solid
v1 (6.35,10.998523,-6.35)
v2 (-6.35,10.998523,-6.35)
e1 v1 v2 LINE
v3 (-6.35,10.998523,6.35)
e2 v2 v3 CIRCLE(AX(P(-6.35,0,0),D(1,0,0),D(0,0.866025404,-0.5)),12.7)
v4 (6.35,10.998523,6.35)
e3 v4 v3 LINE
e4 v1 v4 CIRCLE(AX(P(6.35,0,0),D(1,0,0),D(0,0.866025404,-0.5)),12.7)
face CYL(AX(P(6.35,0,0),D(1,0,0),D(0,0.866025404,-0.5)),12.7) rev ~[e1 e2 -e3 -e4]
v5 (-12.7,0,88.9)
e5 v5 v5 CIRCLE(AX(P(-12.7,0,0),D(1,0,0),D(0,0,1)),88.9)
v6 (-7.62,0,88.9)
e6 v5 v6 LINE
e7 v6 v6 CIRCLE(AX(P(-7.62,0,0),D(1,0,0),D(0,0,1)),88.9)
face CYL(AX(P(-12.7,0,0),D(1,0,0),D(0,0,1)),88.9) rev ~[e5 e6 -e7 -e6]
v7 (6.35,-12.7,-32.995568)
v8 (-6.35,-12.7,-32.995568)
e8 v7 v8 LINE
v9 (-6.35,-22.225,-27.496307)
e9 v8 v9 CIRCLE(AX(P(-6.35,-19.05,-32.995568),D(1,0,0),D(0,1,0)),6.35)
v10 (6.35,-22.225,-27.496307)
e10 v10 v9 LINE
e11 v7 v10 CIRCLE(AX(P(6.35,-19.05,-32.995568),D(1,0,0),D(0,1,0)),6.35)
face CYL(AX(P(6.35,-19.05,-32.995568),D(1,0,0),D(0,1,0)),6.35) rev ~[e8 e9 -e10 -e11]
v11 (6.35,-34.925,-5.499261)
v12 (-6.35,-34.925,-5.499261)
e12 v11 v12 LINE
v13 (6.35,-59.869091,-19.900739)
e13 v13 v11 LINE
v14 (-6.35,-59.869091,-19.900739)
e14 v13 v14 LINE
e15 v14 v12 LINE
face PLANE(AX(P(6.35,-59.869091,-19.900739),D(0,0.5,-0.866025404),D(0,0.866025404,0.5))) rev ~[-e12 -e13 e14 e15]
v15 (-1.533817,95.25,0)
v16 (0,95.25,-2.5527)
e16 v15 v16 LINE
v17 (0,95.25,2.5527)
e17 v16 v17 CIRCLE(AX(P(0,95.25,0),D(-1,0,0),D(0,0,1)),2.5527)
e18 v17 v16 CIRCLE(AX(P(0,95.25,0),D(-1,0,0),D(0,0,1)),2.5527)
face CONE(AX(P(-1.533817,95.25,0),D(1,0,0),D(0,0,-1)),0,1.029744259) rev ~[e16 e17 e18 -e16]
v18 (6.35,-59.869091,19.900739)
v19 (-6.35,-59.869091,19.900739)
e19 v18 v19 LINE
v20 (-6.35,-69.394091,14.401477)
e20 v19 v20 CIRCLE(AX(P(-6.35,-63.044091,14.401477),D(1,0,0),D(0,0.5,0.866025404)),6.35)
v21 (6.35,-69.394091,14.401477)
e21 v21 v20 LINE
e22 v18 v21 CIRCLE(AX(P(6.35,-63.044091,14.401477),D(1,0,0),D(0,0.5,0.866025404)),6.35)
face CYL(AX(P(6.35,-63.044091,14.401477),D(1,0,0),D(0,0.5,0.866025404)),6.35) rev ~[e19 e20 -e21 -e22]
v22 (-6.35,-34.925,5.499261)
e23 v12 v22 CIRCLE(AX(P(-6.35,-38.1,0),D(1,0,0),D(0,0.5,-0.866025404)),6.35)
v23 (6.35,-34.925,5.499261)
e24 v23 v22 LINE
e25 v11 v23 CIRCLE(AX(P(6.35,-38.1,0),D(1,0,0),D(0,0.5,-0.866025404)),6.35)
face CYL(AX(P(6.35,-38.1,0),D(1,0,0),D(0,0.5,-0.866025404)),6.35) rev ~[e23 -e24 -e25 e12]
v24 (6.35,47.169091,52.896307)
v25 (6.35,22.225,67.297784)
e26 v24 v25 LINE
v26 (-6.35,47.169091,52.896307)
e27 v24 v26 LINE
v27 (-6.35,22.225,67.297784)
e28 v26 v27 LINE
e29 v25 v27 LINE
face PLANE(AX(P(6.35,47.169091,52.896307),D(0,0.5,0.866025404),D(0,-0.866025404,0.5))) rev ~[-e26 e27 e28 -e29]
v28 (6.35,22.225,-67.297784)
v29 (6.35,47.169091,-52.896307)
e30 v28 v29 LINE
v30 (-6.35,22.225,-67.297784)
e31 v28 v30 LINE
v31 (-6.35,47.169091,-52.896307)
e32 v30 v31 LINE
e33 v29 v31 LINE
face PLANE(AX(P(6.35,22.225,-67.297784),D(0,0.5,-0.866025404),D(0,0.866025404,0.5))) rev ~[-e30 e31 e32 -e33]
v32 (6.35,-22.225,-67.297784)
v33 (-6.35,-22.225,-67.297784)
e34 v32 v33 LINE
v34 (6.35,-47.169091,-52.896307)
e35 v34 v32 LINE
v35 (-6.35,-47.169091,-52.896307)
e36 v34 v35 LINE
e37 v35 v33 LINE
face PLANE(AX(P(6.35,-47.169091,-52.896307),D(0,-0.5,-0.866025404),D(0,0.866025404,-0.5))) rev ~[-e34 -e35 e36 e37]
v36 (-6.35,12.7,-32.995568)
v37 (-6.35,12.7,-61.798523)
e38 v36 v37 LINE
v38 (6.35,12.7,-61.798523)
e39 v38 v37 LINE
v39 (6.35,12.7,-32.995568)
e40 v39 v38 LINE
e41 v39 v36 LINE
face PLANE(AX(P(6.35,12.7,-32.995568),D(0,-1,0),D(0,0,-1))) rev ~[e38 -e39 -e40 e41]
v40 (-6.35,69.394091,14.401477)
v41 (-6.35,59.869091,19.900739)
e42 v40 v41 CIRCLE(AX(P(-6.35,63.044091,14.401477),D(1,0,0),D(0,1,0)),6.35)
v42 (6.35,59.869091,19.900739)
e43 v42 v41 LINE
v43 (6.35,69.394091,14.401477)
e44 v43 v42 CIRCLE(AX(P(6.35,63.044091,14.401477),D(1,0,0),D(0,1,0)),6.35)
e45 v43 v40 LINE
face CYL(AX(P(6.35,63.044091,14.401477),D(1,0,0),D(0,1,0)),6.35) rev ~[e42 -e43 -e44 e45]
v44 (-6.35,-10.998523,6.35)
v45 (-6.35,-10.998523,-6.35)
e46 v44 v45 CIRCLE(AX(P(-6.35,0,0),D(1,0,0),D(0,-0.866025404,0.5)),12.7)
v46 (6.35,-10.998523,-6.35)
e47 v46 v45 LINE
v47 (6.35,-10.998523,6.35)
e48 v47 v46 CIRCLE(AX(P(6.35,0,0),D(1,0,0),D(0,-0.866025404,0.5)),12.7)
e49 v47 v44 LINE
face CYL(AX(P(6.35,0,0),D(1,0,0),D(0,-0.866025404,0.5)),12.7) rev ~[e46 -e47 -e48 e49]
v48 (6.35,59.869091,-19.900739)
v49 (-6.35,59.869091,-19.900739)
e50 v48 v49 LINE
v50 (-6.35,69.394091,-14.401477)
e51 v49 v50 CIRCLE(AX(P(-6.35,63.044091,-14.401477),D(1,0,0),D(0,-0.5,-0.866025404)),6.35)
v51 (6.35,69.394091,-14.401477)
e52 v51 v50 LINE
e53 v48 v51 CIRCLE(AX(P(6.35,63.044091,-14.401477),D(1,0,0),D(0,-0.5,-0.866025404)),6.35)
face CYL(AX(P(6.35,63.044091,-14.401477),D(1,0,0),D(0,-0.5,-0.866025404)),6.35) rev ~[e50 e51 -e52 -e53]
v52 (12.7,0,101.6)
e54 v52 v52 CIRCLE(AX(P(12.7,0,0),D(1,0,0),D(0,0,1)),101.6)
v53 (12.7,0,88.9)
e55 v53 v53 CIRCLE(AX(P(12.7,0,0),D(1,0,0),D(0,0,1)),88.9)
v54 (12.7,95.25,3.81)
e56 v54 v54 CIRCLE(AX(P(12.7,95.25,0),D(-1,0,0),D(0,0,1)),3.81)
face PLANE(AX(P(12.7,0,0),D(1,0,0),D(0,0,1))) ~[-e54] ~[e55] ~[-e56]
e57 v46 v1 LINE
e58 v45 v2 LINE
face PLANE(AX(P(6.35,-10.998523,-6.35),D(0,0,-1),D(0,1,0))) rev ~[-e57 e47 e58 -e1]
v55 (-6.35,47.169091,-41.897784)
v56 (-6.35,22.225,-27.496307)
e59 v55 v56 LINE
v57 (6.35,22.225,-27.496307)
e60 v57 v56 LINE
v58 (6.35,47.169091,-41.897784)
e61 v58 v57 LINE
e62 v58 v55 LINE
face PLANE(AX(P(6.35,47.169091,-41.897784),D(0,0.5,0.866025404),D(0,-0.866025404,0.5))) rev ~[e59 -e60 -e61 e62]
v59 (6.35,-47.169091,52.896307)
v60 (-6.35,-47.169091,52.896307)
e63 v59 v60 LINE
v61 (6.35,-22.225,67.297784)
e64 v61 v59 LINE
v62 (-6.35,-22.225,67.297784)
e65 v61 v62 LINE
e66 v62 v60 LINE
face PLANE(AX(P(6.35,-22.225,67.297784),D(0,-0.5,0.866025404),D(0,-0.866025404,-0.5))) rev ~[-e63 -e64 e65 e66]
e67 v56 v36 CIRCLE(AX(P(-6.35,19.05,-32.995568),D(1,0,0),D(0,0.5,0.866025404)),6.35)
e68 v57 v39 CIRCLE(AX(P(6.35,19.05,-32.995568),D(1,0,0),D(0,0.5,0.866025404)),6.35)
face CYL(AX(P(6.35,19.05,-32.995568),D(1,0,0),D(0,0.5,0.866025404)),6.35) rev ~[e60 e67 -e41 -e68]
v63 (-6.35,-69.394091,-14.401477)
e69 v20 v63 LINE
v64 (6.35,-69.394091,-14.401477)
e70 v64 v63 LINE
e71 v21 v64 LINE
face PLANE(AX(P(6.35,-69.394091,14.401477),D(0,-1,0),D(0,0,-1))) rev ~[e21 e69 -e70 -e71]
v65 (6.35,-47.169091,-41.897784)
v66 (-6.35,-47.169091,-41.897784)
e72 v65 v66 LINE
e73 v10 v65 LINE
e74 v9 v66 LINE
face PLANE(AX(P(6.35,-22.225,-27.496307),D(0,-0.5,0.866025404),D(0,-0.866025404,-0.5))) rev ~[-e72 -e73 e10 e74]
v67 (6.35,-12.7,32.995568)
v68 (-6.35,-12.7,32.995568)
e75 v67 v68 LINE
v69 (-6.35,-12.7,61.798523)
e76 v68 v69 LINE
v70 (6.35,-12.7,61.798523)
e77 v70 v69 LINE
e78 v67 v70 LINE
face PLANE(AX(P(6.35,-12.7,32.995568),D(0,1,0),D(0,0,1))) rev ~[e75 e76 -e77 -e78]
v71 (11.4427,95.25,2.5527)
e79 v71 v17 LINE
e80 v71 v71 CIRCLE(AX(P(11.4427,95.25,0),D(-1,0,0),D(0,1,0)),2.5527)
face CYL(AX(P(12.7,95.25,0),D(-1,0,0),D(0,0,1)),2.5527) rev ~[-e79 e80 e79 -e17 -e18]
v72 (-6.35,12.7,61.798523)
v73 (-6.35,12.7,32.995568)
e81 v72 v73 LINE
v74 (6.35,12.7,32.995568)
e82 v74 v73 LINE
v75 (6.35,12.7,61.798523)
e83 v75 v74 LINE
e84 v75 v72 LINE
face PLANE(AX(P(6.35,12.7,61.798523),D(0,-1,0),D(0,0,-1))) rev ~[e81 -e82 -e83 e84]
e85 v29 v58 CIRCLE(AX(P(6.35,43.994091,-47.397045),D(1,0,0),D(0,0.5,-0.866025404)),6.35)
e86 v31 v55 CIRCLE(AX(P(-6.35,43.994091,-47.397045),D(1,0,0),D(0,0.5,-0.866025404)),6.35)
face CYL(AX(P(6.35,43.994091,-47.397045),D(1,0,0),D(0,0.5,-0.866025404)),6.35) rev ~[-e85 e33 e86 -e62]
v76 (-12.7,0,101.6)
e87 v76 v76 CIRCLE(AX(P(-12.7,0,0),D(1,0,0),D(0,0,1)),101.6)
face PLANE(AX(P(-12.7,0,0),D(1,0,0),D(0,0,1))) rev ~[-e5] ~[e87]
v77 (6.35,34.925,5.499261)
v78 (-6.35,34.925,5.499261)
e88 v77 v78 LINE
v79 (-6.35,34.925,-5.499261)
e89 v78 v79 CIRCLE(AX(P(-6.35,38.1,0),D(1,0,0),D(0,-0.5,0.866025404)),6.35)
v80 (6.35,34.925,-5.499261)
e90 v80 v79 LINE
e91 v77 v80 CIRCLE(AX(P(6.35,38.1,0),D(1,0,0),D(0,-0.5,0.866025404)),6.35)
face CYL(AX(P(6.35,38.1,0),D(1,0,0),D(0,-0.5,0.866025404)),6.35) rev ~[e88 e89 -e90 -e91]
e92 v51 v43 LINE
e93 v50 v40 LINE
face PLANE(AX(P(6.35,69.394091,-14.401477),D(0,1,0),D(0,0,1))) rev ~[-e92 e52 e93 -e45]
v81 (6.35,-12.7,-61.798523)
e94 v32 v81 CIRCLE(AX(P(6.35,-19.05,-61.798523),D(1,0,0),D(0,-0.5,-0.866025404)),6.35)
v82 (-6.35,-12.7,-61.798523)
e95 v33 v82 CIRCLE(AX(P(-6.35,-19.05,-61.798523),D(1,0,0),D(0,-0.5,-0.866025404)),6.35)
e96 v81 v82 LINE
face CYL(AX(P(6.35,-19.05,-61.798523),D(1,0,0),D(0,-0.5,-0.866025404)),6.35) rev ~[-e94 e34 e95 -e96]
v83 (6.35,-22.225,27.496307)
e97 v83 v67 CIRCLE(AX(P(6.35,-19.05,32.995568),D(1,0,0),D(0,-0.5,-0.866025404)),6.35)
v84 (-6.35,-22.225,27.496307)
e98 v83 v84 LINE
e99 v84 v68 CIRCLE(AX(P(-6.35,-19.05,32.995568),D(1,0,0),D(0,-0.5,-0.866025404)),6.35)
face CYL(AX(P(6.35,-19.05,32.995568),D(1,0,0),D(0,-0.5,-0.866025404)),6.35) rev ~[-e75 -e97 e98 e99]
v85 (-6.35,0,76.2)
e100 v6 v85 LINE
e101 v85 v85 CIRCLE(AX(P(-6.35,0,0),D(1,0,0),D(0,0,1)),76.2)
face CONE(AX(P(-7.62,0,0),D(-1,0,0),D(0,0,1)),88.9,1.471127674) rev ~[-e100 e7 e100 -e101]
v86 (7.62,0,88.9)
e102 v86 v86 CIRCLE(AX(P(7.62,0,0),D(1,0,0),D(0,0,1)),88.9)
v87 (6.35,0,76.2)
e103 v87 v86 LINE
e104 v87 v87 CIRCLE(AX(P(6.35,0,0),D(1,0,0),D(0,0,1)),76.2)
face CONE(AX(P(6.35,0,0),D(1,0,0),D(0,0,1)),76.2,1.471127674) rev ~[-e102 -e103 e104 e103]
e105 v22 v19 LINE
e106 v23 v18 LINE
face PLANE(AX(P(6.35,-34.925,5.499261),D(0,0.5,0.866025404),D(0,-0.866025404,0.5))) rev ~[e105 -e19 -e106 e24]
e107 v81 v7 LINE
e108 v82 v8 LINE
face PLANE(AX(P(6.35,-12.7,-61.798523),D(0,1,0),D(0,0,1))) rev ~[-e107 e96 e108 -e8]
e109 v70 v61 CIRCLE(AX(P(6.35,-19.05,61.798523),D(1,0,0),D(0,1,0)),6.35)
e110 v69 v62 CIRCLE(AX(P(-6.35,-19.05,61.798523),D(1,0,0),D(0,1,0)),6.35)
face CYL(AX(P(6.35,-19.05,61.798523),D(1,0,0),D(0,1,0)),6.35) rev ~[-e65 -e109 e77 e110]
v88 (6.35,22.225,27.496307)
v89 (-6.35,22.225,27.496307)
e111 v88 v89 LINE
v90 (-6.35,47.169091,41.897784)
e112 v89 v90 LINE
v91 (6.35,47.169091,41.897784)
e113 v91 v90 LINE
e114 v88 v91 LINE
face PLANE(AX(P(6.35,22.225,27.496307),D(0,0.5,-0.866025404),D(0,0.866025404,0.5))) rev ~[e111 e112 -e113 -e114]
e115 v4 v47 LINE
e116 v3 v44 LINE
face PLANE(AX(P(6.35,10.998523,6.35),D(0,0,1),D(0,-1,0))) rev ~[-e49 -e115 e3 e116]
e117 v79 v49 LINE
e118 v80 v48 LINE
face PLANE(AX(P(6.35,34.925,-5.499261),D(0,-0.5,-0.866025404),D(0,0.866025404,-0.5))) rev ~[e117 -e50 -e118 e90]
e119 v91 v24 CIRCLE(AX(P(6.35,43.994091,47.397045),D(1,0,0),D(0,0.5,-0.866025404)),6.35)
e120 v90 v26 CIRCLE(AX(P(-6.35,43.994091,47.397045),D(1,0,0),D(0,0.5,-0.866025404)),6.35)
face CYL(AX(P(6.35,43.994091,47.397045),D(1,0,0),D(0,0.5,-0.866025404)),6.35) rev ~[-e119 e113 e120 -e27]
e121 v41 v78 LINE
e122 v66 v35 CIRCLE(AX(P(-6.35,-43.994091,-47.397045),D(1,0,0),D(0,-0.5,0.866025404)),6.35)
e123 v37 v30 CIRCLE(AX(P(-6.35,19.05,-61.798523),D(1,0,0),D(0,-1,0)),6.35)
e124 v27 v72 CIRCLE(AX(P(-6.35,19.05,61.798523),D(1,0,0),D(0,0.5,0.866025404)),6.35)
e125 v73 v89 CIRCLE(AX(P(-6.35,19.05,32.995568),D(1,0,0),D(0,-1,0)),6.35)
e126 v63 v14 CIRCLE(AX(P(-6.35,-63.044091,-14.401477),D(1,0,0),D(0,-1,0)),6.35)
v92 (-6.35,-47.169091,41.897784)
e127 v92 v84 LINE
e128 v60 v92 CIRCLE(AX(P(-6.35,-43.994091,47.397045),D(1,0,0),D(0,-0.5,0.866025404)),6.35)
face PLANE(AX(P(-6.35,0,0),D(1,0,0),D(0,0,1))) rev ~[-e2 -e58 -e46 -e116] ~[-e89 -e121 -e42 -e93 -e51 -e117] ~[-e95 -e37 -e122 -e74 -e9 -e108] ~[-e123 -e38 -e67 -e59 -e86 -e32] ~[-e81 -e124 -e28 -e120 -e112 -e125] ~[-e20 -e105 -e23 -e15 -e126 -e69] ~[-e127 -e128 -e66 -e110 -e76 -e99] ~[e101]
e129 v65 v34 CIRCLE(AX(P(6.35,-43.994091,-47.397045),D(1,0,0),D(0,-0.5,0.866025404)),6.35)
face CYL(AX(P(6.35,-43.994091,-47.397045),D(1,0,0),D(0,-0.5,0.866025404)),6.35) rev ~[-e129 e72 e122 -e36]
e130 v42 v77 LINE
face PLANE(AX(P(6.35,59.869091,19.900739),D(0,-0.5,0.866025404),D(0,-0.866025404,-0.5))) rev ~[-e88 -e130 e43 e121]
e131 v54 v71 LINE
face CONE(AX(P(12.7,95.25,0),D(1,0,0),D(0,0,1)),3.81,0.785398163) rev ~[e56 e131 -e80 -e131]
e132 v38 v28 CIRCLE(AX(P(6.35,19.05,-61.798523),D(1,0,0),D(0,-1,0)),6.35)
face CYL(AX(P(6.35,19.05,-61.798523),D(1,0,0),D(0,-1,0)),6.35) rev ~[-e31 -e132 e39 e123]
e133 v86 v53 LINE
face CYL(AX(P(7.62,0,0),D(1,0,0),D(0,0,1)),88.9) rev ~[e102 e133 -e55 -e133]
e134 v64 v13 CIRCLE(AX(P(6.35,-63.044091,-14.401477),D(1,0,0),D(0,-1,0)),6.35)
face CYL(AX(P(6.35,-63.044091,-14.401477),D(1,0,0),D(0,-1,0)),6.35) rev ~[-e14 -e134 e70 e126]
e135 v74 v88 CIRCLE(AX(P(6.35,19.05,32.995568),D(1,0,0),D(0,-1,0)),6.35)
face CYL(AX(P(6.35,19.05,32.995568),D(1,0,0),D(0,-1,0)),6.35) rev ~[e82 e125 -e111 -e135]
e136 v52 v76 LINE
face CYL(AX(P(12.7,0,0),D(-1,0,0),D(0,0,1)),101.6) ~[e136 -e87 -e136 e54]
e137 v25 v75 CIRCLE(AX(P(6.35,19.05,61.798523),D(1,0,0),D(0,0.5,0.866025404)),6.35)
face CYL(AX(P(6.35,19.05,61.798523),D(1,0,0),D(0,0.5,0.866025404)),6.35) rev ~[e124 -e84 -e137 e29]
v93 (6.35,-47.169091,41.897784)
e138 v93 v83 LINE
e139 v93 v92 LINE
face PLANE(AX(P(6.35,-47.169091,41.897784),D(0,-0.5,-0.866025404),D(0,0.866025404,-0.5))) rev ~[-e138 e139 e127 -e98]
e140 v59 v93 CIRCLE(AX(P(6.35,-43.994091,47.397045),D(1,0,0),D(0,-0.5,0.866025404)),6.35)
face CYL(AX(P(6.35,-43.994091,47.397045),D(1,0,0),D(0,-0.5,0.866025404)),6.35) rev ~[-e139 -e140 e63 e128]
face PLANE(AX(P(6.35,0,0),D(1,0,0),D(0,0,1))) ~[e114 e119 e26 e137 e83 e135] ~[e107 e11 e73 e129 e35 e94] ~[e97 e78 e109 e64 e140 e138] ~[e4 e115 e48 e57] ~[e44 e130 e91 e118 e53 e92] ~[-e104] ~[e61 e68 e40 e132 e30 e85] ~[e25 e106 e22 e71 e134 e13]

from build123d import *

# Parameters (mm, degrees)
CUT_EXTRUDE1_DEPTH                = 145.941445074
CIRPATTERN1_COUNT                 = 6
CUT_EXTRUDE2_DEPTH                = 145.941445074
F_1_4_20_TAPPED_HOLE1_D           = 5.1054
F_1_4_20_TAPPED_HOLE1_DEPTH       = 12.7
F_1_4_20_TAPPED_HOLE1_CSINK_D     = 7.62
F_1_4_20_TAPPED_HOLE1_CSINK_ANGLE = 90
F_1_4_20_TAPPED_HOLE1_TIP         = 1.533816902


with BuildPart() as part:
    # Sketch1 → Revolve1 (revolve)
    with BuildSketch(Plane.XY, mode=Mode.PRIVATE) as revolve1_sk:
        Polygon((-6.35, 0), (6.35, 0), (6.35, 76.2), (7.62, 88.9), (12.7, 88.9), (12.7, 101.6), (-12.7, 101.6), (-12.7, 88.9), (-7.62, 88.9), (-6.35, 76.2), align=None)
    revolve(revolve1_sk.sketch.rotate(Axis((-21.230059302, 0, 0), (1, 0, 0)), 90), axis=Axis((-21.230059302, 0, 0), (1, 0, 0)))

    # Sketch2 → Cut-Extrude1 (cut, through all)
    with BuildSketch(Plane(origin=(6.35, 0, 0), x_dir=(0, 0, -1), z_dir=(1, 0, 0))):
        with BuildLine():
            Line((5.499261314, 34.925), (19.900738686, 59.869090512))
            ThreePointArc((19.900738686, 59.869090512), (19.900738686, 66.219090512), (14.401477372, 69.394090512))
            Line((14.401477372, 69.394090512), (-14.401477372, 69.394090512))
            ThreePointArc((-14.401477372, 69.394090512), (-19.900738686, 66.219090512), (-19.900738686, 59.869090512))
            Line((-19.900738686, 59.869090512), (-5.499261314, 34.925))
            ThreePointArc((-5.499261314, 34.925), (0, 31.75), (5.499261314, 34.925))
        make_face()
    cut_extrude1 = extrude(amount=-CUT_EXTRUDE1_DEPTH, mode=Mode.SUBTRACT)

    # CirPattern1: Cut-Extrude1 ×6 about axis
    cirpattern1_axis = Axis((0, 0, 0), (1, 0, 0))
    for i in range(1, CIRPATTERN1_COUNT):
        add(cut_extrude1.rotate(cirpattern1_axis, i * 360 / CIRPATTERN1_COUNT), mode=Mode.SUBTRACT)

    # Sketch3 → Cut-Extrude2 (cut, through all)
    with BuildSketch(Plane(origin=(6.35, 0, 0), x_dir=(0, 0, -1), z_dir=(1, 0, 0))):
        with BuildLine():
            Line((-6.35, 10.998522628), (-6.35, -10.998522628))
            ThreePointArc((-6.35, -10.998522628), (0, -12.7), (6.35, -10.998522628))
            Line((6.35, -10.998522628), (6.35, 10.998522628))
            ThreePointArc((6.35, 10.998522628), (0, 12.7), (-6.35, 10.998522628))
        make_face()
    extrude(amount=-CUT_EXTRUDE2_DEPTH, mode=Mode.SUBTRACT)

    # 1/4-20 Tapped Hole1
    with Locations(Plane(origin=(12.7, 0, 0), x_dir=(0, 0, -1), z_dir=(1, 0, 0))):
        with Locations((0, 95.25)):
            CounterSinkHole(F_1_4_20_TAPPED_HOLE1_D / 2, F_1_4_20_TAPPED_HOLE1_CSINK_D / 2, depth=F_1_4_20_TAPPED_HOLE1_DEPTH, counter_sink_angle=F_1_4_20_TAPPED_HOLE1_CSINK_ANGLE)
            with Locations((0, 0, -(F_1_4_20_TAPPED_HOLE1_DEPTH + F_1_4_20_TAPPED_HOLE1_TIP / 2))):  # 118° drill point
                Cone(0, F_1_4_20_TAPPED_HOLE1_D / 2, F_1_4_20_TAPPED_HOLE1_TIP, mode=Mode.SUBTRACT)


solid = part.part
